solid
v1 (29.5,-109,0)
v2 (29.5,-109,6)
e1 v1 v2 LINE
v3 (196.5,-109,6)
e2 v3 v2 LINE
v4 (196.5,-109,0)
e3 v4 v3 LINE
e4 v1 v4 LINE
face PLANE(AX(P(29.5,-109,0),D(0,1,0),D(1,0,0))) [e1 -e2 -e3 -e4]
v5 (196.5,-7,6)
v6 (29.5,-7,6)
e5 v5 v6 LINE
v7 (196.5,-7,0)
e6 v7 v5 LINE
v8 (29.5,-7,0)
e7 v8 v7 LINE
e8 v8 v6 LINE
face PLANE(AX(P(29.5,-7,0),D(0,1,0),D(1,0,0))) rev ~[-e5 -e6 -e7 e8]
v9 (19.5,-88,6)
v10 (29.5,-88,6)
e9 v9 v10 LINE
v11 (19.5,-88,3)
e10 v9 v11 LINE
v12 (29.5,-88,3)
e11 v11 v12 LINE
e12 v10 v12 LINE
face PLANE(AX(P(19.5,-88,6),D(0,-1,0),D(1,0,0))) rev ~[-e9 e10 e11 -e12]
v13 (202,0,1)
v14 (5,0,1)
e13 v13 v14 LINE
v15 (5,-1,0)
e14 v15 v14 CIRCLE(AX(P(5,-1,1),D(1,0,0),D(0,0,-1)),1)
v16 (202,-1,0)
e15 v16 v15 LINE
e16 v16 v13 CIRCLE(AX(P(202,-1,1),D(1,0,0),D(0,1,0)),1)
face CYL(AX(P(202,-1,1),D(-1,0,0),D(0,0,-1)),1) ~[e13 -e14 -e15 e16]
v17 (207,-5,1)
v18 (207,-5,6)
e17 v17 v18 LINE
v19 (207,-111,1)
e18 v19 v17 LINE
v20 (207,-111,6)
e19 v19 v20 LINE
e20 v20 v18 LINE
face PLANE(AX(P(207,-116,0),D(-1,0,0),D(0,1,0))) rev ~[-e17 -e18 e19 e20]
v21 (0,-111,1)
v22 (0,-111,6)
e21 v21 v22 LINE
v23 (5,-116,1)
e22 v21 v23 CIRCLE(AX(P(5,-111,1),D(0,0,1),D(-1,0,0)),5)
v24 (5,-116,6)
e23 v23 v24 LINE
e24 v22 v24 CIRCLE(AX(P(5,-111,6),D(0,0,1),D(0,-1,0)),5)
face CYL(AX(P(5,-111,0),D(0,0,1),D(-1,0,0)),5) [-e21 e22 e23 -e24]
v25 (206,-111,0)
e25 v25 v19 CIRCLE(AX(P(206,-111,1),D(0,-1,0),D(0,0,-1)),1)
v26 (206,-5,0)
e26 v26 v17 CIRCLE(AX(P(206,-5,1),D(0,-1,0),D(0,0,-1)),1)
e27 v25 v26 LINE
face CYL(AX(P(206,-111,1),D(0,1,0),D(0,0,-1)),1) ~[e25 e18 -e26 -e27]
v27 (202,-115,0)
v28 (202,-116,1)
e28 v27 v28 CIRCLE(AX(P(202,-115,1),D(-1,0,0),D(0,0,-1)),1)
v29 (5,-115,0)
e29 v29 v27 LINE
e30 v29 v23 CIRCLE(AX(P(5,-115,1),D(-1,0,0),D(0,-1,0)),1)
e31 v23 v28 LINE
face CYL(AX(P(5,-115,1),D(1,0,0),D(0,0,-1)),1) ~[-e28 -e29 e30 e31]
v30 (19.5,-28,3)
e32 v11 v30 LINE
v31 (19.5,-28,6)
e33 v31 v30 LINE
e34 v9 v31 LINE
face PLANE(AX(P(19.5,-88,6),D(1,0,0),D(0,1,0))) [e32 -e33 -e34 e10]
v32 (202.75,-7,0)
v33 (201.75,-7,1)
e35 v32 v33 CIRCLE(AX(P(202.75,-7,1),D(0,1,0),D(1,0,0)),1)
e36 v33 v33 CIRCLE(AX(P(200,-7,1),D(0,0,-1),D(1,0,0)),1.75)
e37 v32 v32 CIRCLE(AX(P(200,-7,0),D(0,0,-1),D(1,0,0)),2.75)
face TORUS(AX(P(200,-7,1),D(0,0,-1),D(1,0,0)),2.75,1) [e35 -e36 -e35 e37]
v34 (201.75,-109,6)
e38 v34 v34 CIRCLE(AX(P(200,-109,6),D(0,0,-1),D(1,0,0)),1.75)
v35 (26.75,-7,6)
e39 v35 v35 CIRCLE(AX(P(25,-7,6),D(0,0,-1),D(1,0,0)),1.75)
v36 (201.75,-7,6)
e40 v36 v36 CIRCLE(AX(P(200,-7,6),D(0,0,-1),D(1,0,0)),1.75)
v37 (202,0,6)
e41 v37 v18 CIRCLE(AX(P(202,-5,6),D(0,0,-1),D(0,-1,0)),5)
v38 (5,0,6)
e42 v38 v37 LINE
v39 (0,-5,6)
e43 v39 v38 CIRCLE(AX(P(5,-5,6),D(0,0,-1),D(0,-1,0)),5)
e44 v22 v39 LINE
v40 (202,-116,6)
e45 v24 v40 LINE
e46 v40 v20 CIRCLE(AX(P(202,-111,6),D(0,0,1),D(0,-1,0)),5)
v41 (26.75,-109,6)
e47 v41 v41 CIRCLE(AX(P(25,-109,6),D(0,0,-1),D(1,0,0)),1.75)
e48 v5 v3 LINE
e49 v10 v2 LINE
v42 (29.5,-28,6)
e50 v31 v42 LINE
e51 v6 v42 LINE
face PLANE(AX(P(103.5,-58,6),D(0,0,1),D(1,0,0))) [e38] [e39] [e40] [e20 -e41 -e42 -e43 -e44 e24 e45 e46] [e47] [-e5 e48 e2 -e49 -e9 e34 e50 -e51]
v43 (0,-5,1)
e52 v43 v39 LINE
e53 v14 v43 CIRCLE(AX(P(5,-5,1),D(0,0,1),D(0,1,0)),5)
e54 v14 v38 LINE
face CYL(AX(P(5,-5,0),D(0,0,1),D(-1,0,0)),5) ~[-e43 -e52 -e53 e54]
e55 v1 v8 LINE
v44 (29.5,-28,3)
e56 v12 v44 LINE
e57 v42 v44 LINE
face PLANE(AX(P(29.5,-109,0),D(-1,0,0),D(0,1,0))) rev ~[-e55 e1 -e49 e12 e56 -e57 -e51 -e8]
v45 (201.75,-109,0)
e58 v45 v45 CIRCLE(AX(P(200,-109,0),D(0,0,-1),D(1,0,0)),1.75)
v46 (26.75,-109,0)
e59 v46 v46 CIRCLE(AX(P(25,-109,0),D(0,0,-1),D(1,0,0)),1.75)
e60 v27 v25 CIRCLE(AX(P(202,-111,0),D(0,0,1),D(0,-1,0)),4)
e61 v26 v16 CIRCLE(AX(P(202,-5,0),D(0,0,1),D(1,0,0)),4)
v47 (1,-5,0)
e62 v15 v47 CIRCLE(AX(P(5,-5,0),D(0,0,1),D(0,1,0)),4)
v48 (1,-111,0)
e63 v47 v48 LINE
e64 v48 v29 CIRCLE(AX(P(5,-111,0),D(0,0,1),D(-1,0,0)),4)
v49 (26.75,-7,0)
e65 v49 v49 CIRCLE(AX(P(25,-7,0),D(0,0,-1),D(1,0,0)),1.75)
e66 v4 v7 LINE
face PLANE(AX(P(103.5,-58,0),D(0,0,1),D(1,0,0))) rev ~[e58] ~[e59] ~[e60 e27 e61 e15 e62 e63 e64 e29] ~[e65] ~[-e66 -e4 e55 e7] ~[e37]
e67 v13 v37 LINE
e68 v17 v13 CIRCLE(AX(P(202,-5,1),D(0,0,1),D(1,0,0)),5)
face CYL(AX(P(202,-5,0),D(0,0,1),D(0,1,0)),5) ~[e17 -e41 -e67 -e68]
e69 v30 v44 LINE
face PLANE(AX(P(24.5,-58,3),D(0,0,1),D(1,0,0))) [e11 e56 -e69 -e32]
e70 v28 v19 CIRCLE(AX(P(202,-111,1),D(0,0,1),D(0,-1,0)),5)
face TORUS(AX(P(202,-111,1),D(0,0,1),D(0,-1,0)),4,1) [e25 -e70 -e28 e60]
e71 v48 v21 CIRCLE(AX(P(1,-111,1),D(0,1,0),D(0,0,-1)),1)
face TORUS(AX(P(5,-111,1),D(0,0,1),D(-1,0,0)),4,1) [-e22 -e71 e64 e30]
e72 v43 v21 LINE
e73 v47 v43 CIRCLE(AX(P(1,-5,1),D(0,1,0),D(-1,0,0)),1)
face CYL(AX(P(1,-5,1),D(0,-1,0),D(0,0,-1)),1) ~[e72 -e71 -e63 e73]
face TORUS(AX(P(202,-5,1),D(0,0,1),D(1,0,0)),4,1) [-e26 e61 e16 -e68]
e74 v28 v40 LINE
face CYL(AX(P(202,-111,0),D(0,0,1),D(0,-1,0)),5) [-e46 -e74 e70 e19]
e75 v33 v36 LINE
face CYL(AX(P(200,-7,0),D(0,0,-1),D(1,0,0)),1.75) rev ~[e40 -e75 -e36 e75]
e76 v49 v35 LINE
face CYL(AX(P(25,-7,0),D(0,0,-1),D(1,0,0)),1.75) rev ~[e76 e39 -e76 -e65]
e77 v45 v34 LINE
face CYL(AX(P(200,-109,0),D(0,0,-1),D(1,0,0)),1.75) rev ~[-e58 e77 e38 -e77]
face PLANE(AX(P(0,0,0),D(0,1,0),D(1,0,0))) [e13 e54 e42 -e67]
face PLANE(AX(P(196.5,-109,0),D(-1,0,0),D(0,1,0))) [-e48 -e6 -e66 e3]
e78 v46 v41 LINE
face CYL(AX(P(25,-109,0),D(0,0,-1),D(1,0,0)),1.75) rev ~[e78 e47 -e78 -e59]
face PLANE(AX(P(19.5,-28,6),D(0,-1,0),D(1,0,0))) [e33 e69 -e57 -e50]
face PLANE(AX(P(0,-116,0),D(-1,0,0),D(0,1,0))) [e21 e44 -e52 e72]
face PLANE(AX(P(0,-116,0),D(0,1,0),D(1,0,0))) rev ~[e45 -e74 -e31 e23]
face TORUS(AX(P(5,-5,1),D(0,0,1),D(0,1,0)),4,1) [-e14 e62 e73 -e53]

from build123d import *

# Parameters (mm, degrees)
F0_W     = 207
F0_H     = 116
F1_DEPTH = 6
F2_W     = 167
F2_H     = 102
F3_DEPTH = 25
F4_R     = 1.75
F5_DEPTH = 25
F6_R     = 5
F7_R     = 1
F8_W     = 10
F8_H     = 60
F9_DEPTH = 3


with BuildPart() as f1:
    # F0 (on Top) → F1 (new body)
    with BuildSketch(Plane.XY):
        with Locations((103.5, -58)):
            Rectangle(F0_W, F0_H)
    extrude(amount=F1_DEPTH)

    # F2 (on face) → F3 (cut)
    with BuildSketch(Plane.XY):
        with Locations((113, -58)):
            Rectangle(F2_W, F2_H)
    extrude(amount=F3_DEPTH, mode=Mode.SUBTRACT)

    # F4 (on face) → F5 (cut)
    with BuildSketch(Plane(origin=(0, 0, 0), x_dir=(1, 0, 0), z_dir=(0, 0, -1))):
        with Locations((200, 7)):
            Circle(F4_R)
        with Locations((200, 109)):
            Circle(F4_R)
        with Locations((25, 109)):
            Circle(F4_R)
        with Locations((25, 7)):
            Circle(F4_R)
    extrude(amount=-F5_DEPTH, mode=Mode.SUBTRACT)

    # F6
    f6_edges = [f1.edges().sort_by_distance(p)[0] for p in [
        (207, 0, 3),
        (207, -116, 3),
        (0, -116, 3),
        (0, 0, 3),
    ]]
    fillet(f6_edges, radius=F6_R)

    # F7
    f7_edges = [f1.edges().sort_by_distance(p)[0] for p in [
        (207, -58, 0),
        (198.25, -7, 0),
    ]]
    fillet(f7_edges, radius=F7_R)

    # F8 (on face) → F9 (cut)
    with BuildSketch(Plane.XY.offset(6)):
        with Locations((24.5, -58)):
            Rectangle(F8_W, F8_H)
    extrude(amount=-F9_DEPTH, mode=Mode.SUBTRACT)


solid = f1.part
